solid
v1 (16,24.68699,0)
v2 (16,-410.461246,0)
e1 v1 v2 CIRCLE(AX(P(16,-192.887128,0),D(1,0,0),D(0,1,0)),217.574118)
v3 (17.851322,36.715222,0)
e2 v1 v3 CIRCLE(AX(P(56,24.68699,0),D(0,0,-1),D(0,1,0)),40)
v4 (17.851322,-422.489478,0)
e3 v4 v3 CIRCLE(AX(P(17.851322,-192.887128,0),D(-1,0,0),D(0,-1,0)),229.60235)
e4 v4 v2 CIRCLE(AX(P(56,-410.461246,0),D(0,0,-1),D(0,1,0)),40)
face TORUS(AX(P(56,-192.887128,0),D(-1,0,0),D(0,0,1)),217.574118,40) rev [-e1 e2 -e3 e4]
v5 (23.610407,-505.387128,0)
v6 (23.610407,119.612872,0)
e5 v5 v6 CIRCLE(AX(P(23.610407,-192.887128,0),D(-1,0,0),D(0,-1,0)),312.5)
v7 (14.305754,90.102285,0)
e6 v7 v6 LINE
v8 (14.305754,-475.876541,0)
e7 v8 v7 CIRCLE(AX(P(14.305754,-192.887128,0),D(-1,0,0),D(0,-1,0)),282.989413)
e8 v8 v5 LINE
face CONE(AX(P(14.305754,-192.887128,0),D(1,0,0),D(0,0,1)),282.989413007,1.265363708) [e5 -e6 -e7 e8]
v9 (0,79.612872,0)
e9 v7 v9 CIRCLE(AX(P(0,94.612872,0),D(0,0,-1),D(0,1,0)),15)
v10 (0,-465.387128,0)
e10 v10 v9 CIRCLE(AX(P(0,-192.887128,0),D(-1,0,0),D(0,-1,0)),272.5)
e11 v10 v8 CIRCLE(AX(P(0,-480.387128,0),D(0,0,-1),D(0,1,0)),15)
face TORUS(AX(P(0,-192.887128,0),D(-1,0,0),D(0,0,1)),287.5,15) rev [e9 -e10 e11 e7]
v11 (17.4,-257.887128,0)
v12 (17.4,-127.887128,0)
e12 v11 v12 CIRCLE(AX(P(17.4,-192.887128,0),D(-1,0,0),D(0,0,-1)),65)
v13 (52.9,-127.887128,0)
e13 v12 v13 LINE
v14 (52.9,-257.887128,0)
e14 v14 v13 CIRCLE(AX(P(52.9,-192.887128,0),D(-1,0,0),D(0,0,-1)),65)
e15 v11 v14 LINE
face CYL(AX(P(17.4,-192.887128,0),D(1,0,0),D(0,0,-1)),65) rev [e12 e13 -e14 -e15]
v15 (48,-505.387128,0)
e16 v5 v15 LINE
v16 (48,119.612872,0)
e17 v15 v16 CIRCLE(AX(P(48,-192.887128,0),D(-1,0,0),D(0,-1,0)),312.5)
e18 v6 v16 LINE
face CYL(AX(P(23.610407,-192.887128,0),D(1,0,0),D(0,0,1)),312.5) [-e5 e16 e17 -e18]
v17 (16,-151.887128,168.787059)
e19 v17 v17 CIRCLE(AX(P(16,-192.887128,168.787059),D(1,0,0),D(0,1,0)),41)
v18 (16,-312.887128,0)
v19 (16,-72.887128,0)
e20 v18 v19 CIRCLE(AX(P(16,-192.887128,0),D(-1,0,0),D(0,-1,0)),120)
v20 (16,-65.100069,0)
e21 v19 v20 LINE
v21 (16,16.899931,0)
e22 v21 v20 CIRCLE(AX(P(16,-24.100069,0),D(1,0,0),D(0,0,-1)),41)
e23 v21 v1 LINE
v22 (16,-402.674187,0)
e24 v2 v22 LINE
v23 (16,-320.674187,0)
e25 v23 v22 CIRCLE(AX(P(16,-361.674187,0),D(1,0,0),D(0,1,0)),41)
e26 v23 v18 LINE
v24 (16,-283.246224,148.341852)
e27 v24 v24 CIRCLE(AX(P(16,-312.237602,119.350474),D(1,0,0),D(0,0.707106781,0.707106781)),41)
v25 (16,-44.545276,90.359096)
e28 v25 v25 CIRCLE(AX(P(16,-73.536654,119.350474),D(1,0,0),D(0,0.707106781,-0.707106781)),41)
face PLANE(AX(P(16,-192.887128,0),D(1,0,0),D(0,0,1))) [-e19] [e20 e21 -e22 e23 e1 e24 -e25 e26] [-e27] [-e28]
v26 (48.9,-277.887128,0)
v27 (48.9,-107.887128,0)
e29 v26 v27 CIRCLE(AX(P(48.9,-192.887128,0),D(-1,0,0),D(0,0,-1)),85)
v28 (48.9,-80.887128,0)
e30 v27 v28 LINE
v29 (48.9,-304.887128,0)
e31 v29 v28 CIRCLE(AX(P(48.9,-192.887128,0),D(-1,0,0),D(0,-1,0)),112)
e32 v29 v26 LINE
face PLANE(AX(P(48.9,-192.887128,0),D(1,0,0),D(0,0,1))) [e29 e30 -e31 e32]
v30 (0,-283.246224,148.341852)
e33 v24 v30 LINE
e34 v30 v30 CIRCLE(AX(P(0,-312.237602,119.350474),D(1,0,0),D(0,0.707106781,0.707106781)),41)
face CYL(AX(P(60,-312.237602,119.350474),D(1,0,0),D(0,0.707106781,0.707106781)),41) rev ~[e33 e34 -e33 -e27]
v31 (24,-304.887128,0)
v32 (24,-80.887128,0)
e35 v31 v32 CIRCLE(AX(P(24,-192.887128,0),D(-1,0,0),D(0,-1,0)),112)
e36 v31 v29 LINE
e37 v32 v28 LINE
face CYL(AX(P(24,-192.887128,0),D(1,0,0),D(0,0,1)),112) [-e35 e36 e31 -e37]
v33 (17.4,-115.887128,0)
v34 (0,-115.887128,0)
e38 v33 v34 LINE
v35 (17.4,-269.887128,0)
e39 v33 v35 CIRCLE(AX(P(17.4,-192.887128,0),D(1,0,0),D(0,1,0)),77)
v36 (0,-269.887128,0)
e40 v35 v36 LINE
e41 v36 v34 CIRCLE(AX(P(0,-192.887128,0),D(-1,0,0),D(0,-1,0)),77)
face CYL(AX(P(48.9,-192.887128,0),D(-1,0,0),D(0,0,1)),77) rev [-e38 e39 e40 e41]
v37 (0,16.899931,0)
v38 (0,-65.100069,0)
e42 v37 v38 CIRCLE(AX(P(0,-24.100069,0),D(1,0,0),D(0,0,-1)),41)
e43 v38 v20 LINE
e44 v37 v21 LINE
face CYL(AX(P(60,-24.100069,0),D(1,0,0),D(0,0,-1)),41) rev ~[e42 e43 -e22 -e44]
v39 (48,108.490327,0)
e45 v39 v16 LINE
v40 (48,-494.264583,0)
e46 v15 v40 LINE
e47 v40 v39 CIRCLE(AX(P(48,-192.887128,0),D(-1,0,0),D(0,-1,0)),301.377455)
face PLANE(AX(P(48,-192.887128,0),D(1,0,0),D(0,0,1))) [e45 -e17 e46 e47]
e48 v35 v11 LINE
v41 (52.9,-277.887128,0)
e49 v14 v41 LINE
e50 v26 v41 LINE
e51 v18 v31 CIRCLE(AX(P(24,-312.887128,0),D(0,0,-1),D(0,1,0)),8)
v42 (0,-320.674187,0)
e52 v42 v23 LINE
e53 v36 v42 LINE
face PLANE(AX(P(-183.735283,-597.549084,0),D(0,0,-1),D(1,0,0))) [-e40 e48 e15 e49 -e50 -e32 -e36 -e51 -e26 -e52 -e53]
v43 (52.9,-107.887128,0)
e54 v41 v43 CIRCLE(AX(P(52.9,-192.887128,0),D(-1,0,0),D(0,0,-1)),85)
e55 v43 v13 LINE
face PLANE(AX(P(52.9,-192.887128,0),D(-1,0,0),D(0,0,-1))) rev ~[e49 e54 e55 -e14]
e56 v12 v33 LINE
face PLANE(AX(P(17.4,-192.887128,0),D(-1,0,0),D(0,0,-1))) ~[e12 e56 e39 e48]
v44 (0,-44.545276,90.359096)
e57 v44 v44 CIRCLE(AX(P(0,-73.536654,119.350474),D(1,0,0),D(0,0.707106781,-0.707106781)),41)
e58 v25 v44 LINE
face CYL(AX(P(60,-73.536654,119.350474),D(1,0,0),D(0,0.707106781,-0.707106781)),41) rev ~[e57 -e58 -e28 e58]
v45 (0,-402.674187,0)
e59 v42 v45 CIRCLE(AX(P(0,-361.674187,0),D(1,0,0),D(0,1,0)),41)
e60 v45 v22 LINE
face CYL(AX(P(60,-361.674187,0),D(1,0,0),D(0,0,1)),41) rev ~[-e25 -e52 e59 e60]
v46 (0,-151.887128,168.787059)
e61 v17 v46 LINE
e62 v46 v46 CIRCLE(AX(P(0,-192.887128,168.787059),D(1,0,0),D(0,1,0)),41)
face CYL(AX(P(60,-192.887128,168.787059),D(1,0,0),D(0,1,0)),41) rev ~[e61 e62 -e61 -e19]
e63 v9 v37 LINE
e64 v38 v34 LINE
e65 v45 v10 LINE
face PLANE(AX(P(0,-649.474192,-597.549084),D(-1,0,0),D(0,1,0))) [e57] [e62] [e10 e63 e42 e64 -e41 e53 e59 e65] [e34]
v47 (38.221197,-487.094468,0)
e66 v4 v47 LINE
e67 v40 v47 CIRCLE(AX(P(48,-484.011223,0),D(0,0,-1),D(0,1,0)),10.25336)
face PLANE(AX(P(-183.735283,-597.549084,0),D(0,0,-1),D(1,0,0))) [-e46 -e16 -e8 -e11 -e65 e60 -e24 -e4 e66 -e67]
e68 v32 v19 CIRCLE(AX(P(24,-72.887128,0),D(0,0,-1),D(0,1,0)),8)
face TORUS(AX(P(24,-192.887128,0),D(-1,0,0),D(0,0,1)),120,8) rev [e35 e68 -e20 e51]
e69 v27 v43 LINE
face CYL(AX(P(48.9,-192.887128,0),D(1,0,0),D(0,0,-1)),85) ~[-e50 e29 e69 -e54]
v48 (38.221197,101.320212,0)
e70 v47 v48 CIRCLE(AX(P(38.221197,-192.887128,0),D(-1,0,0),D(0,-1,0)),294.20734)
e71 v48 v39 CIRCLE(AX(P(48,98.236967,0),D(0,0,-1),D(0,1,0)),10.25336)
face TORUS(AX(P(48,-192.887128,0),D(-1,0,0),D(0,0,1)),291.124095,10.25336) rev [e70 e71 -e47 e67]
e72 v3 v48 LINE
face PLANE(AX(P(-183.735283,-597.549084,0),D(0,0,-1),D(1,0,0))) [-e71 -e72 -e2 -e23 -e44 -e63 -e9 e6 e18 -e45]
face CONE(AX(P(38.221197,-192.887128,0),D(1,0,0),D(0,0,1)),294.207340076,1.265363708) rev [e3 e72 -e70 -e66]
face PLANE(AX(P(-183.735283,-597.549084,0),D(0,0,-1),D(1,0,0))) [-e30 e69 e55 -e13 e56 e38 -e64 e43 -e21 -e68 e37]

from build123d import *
from build123d.topology import SkipClean

# Parameters (mm, degrees)
FORO_START              = 60
SKETCH2_R               = 41
FORO_DEPTH              = 120
PATTERNFORI_COUNT       = 8
CUT_EXTRUDE1_DEPTH      = 597.549083718
CUT_EXTRUDE1_DEPTH_BACK = 597.549083718
SKETCH4_W               = 165.941621871
SKETCH4_H               = 884.81830511
CUT_EXTRUDE2_DEPTH      = 597.549083718
CUT_EXTRUDE2_DEPTH_BACK = 597.549083718
SKETCH5_W               = 398.645637441
SKETCH5_H               = 571.659634656


with BuildPart() as part:
    # Sketch1 → Puleggia (revolve)
    with BuildSketch(Plane.XY):
        with BuildLine():
            Line((14.305754261, 90.102284872), (23.610406599, 119.612871865))
            Line((23.610406599, 119.612871865), (48, 119.612871865))
            Line((48, 119.612871865), (48, 108.49032691))
            ThreePointArc((48, 108.49032691), (41.937089486, 106.505733817), (38.221197059, 101.320211941))
            Line((38.221197059, 101.320211941), (17.85132197, 36.715221983))
            ThreePointArc((17.85132197, 36.715221983), (16.465539581, 30.77192545), (16, 24.686990003))
            Line((16, 24.686990003), (16, -72.887128135))
            ThreePointArc((16, -72.887128135), (18.343145751, -78.543982385), (24, -80.887128135))
            Line((24, -80.887128135), (48.9, -80.887128135))
            Line((48.9, -80.887128135), (48.9, -115.887128135))
            Line((48.9, -115.887128135), (0, -115.887128135))
            Line((0, -115.887128135), (0, 79.612871865))
            ThreePointArc((0, 79.612871865), (8.869644725, 82.516202801), (14.305754261, 90.102284872))
        make_face()
    puleggia = revolve(axis=Axis((-62.254886415, -192.887128135, 0), (1, 0, 0)))

    # Mirror 2: Puleggia across plane
    with SkipClean():  # the faces are left unmerged after this step: merging them gives an invalid solid
        add(puleggia.mirror(Plane(origin=(0, 79.612871865, 0), x_dir=(0, 0, 1), z_dir=(1, 0, 0))))

    # Sketch2 → Foro (cut)
    with SkipClean():  # the faces are left unmerged after this step: merging them gives an invalid solid
        with BuildSketch(Plane(origin=(0, 0, 0), x_dir=(0, 0, -1), z_dir=(1, 0, 0)).offset(FORO_START)):
            with Locations((0, -24.100069066)):
                Circle(SKETCH2_R)
        foro = extrude(amount=-FORO_DEPTH, mode=Mode.SUBTRACT)

    # PatternFori: Foro ×8 about axis
    with SkipClean():  # the faces are left unmerged after this step: merging them gives an invalid solid
        patternfori_axis = Axis((48.9, -192.887128135, 0), (-1, 0, 0))
        for i in range(1, PATTERNFORI_COUNT):
            add(foro.rotate(patternfori_axis, i * 360 / PATTERNFORI_COUNT), mode=Mode.SUBTRACT)

    # Sketch3 → Revolve1 (revolve)
    with SkipClean():  # the faces are left unmerged after this step: merging them gives an invalid solid
        with BuildSketch(Plane.XY):
            Polygon((48.9, -115.887128135), (48.9, -107.887128135), (52.9, -107.887128135), (52.9, -127.887128135), (48.203298426, -127.887128135), (17.4, -127.887128135), (17.4, -115.887128135), align=None)
        revolve1 = revolve(axis=Axis((48.9, -192.887128135, 0), (-1, 0, 0)))

    # Mirror1: Revolve1 across plane
    with SkipClean():  # the faces are left unmerged after this step: merging them gives an invalid solid
        add(revolve1.mirror(Plane(origin=(0, 0, 0), x_dir=(0, 0, 1), z_dir=(1, 0, 0))))

    # Sketch4 → Cut-Extrude1 (cut, two sides: drawn at the far end of the back side and taken through both)
    with BuildSketch(Plane.XY.offset(-CUT_EXTRUDE1_DEPTH_BACK)):
        with Locations((-82.970810936, -207.065039304)):
            Rectangle(SKETCH4_W, SKETCH4_H)
    extrude(amount=CUT_EXTRUDE1_DEPTH + CUT_EXTRUDE1_DEPTH_BACK, mode=Mode.SUBTRACT)

    # Sketch5 → Cut-Extrude2 (cut, two sides: drawn at the far end of the back side and taken through both)
    with BuildSketch(Plane(origin=(0, 0, 0), x_dir=(1, 0, 0), z_dir=(0, 1, 0)).offset(-CUT_EXTRUDE2_DEPTH_BACK)):
        with Locations((15.58753589, 285.829817328)):
            Rectangle(SKETCH5_W, SKETCH5_H)
    extrude(amount=CUT_EXTRUDE2_DEPTH + CUT_EXTRUDE2_DEPTH_BACK, mode=Mode.SUBTRACT)


solid = part.part
